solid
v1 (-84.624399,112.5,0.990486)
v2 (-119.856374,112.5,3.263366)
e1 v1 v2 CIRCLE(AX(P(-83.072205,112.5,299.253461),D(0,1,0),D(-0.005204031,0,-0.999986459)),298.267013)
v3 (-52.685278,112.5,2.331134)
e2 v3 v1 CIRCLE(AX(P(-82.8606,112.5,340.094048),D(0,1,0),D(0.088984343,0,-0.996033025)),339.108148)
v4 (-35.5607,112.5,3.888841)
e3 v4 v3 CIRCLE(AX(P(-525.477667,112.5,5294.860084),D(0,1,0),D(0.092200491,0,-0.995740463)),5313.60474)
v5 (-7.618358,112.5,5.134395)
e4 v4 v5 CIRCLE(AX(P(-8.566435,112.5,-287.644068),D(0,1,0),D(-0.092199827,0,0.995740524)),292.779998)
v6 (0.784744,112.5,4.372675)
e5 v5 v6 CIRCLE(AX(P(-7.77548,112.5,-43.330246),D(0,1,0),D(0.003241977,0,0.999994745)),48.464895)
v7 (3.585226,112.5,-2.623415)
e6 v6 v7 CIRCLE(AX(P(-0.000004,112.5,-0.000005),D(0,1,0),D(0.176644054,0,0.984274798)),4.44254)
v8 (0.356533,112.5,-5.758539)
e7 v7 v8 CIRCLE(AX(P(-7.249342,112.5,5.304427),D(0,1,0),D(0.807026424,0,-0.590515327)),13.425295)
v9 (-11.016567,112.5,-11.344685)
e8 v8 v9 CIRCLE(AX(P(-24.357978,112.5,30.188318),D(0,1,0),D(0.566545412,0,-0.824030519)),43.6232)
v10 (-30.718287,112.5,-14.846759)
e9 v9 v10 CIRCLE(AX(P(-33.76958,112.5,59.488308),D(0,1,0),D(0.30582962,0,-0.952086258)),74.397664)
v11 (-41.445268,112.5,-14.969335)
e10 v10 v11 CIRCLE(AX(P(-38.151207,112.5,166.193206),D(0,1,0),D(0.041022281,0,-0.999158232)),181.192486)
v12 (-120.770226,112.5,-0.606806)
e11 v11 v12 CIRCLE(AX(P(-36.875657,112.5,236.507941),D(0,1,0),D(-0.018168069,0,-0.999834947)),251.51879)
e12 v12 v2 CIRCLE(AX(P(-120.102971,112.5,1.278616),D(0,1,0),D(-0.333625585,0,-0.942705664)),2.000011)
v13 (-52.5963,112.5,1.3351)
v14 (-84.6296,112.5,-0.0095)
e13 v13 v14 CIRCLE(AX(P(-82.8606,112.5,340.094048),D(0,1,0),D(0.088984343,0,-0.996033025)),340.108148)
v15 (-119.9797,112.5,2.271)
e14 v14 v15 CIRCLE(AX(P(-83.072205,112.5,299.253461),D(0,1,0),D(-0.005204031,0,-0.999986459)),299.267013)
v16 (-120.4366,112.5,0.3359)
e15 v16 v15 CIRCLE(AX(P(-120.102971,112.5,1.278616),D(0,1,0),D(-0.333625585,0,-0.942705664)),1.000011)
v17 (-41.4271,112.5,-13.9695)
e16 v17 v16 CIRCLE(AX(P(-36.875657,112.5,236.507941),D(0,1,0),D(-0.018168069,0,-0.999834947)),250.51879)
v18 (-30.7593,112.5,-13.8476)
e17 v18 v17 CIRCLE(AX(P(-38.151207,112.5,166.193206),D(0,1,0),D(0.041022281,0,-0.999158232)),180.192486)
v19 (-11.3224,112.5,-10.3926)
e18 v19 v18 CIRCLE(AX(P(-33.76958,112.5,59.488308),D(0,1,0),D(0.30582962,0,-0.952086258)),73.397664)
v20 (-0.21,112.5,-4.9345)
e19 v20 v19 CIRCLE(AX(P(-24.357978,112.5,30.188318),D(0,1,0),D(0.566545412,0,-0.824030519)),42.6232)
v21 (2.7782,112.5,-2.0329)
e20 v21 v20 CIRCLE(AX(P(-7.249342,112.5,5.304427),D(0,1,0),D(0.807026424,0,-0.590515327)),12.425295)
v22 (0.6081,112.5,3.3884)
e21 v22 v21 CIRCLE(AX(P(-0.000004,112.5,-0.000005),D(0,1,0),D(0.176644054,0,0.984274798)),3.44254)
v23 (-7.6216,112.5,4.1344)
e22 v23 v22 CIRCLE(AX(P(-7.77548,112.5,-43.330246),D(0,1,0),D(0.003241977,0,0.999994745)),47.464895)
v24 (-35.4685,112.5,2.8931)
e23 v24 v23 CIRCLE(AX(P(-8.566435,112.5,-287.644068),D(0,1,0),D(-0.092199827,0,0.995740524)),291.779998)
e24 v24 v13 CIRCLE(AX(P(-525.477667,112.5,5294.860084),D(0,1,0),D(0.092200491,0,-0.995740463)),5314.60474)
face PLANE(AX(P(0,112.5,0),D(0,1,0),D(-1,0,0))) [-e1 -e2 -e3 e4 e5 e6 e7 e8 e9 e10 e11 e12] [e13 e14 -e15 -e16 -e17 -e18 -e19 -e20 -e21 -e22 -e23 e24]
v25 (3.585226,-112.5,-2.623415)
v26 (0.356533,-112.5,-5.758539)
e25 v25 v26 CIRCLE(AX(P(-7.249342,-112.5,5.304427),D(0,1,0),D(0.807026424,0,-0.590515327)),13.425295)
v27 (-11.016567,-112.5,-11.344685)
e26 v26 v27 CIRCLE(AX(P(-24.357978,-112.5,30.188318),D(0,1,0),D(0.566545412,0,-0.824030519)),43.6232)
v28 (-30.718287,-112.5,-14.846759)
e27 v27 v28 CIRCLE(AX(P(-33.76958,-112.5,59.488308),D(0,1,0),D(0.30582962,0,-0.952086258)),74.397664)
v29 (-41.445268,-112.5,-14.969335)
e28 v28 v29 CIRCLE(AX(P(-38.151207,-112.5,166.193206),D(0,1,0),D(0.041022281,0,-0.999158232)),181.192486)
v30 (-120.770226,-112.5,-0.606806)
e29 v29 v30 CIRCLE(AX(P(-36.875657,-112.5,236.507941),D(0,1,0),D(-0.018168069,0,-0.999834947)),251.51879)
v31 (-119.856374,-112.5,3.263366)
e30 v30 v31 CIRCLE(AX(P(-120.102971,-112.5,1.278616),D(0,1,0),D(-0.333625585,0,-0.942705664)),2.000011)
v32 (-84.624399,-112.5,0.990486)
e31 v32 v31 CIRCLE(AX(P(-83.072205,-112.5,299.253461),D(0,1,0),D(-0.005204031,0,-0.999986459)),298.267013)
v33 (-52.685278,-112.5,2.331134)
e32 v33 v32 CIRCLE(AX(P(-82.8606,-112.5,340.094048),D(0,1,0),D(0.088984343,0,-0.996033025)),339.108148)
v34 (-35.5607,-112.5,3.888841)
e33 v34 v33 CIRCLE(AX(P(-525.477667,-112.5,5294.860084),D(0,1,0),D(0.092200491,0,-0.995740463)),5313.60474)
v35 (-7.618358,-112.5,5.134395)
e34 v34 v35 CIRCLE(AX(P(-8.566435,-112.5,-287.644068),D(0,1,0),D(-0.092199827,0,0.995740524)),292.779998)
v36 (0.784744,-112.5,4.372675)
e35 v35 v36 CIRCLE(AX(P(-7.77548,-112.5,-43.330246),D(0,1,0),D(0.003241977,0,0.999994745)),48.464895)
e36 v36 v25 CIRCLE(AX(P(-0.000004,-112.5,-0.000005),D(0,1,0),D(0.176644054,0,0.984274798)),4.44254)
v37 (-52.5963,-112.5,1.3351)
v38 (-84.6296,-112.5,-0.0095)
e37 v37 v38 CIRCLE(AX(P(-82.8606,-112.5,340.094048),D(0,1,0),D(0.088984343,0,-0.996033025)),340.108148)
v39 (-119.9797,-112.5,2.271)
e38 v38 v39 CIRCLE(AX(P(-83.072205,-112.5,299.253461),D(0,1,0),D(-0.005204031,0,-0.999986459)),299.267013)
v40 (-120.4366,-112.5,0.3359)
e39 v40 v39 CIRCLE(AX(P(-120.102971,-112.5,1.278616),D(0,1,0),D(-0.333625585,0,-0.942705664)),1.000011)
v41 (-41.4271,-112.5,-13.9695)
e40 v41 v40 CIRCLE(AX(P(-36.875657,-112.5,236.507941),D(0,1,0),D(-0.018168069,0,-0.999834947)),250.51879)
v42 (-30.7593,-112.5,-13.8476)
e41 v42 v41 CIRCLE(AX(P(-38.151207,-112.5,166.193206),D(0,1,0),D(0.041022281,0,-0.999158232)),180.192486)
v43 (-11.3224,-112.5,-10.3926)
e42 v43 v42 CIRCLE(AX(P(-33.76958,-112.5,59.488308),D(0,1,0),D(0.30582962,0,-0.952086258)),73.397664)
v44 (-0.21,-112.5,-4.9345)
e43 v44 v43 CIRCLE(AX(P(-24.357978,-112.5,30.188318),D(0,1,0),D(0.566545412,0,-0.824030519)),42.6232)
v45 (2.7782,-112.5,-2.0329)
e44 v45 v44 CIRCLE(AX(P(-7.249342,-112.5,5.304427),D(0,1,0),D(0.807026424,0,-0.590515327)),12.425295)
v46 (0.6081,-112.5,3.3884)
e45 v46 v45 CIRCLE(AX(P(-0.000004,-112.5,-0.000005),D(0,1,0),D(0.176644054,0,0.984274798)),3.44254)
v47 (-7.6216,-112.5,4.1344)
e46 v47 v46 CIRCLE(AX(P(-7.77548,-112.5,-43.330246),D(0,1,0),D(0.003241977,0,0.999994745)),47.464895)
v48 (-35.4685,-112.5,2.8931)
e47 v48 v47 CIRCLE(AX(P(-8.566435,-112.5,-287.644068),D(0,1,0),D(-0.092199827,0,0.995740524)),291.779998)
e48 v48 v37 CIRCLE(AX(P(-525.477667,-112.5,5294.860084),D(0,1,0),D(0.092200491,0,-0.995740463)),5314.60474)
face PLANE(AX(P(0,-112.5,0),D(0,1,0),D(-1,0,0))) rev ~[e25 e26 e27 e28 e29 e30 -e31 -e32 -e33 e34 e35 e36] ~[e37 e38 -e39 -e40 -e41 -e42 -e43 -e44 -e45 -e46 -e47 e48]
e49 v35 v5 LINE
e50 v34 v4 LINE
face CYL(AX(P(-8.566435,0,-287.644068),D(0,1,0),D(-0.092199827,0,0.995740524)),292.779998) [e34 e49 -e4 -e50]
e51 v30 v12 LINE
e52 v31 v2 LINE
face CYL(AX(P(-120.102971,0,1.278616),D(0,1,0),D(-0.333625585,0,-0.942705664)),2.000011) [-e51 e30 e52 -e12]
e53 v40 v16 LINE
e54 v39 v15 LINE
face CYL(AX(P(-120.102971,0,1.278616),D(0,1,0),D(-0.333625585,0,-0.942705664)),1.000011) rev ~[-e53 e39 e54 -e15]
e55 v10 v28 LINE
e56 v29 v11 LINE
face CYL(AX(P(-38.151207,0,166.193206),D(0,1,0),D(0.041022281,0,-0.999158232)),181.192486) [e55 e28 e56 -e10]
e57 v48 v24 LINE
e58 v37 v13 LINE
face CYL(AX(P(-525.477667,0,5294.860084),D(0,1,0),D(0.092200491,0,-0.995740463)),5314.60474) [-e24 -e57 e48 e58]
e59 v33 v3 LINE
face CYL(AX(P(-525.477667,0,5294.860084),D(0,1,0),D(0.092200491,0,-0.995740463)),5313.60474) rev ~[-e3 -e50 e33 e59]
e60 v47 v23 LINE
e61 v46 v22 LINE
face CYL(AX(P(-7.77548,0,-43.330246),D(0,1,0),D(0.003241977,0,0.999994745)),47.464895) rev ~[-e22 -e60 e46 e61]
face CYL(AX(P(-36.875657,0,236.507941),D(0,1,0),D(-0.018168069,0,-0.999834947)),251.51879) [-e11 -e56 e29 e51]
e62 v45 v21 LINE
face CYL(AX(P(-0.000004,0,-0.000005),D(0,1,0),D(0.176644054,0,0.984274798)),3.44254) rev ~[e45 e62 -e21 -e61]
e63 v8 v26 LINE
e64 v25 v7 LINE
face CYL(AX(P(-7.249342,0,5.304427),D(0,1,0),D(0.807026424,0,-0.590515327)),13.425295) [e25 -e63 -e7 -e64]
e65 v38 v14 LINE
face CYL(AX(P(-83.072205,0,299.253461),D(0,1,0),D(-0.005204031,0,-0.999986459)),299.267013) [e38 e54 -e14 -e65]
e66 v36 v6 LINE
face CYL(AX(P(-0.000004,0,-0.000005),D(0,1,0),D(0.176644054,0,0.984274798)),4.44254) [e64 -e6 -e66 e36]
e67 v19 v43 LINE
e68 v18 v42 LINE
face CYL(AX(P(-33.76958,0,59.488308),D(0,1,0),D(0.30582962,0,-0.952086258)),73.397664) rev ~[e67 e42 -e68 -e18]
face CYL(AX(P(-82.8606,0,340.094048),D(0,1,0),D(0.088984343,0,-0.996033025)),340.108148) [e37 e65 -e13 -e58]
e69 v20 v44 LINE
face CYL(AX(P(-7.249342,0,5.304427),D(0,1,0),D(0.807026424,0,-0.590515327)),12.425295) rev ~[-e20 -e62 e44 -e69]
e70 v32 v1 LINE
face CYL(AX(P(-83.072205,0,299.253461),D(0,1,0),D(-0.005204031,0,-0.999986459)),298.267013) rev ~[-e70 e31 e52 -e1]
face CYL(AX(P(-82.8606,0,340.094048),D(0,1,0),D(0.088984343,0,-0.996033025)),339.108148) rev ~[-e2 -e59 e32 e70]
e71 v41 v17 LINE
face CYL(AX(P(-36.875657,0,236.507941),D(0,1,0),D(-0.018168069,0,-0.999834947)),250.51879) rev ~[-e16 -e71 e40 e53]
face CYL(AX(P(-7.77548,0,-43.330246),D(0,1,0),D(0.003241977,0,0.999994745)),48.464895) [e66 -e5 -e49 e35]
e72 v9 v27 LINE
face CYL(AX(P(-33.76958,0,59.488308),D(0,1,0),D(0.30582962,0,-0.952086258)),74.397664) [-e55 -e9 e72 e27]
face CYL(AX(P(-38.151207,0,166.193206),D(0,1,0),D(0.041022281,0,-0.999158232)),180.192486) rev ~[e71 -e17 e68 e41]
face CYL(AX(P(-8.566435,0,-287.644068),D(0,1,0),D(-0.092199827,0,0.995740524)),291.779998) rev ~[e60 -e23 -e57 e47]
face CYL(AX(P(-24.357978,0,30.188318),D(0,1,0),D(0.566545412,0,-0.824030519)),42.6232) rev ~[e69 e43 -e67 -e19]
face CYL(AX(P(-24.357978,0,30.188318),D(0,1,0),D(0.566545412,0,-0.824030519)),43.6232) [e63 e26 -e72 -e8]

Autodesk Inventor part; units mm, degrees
ref_plane "YZ Plane" through (0, 0, 0) normal (1, 0, 0) x (0, 1, 0)
ref_plane "XZ Plane" through (0, 0, 0) normal (0, 1, 0) x (-1, 0, 0)
ref_plane "XY Plane" through (0, 0, 0) normal (0, 0, 1) x (1, 0, 0)
sketch "スケッチ1" plane through (0, 0, 0) normal (0, 1, 0) x (-1, 0, 0)
  arc A0 (41.4271, -13.9695) -> (120.4366, 0.3359) centre (36.8758, 236.5065) ccw projected
  arc A1 (30.7593, -13.8476) -> (41.4271, -13.9695) centre (38.1525, 166.2425) ccw projected
  arc A2 (11.3224, -10.3926) -> (30.7593, -13.8476) centre (33.77, 59.49) ccw projected
  arc A3 (0.21, -4.9345) -> (11.3224, -10.3926) centre (24.3575, 30.1875) ccw projected
  arc A4 (-2.7782, -2.0329) -> (0.21, -4.9345) centre (7.25, 5.305) ccw projected
  arc A5 (-0.6081, 3.3884) -> (-2.7782, -2.0329) centre (0, 0) ccw projected
  arc A6 (7.6216, 4.1344) -> (-0.6081, 3.3884) centre (7.775, -43.32) ccw projected
  arc A7 (35.4685, 2.8931) -> (7.6216, 4.1344) centre (8.565, -287.665) ccw projected
  arc A8 (35.4685, 2.8931) -> (52.5963, 1.3351) centre (526.9475, 5310.875) ccw projected
  arc A9 (52.5963, 1.3351) -> (84.6296, -0.0095) centre (82.86, 340.0849) ccw projected
  arc A10 (84.6296, -0.0095) -> (119.9797, 2.271) centre (83.0725, 299.245) ccw projected
  arc A11 (120.4366, 0.3359) -> (119.9797, 2.271) centre (120.103, 1.2786) ccw projected
  circle A12 centre (10, -2) radius 3 projected
  circle A13 centre (85, -5) radius 3 projected
extrude "押し出し1" add sketch "スケッチ1" along normal mid plane 225 contours A1 A2 A3 A4 A5 A6 A7 A8 A9 A10 A11 A0 | A12 | A13
shell "シェル1" thickness 1 outward yes removed faces 2 at (-51.857, 112.5, -8.4758) at (-51.857, -112.5, -8.4758)
properties part number "GFRP_sf"
